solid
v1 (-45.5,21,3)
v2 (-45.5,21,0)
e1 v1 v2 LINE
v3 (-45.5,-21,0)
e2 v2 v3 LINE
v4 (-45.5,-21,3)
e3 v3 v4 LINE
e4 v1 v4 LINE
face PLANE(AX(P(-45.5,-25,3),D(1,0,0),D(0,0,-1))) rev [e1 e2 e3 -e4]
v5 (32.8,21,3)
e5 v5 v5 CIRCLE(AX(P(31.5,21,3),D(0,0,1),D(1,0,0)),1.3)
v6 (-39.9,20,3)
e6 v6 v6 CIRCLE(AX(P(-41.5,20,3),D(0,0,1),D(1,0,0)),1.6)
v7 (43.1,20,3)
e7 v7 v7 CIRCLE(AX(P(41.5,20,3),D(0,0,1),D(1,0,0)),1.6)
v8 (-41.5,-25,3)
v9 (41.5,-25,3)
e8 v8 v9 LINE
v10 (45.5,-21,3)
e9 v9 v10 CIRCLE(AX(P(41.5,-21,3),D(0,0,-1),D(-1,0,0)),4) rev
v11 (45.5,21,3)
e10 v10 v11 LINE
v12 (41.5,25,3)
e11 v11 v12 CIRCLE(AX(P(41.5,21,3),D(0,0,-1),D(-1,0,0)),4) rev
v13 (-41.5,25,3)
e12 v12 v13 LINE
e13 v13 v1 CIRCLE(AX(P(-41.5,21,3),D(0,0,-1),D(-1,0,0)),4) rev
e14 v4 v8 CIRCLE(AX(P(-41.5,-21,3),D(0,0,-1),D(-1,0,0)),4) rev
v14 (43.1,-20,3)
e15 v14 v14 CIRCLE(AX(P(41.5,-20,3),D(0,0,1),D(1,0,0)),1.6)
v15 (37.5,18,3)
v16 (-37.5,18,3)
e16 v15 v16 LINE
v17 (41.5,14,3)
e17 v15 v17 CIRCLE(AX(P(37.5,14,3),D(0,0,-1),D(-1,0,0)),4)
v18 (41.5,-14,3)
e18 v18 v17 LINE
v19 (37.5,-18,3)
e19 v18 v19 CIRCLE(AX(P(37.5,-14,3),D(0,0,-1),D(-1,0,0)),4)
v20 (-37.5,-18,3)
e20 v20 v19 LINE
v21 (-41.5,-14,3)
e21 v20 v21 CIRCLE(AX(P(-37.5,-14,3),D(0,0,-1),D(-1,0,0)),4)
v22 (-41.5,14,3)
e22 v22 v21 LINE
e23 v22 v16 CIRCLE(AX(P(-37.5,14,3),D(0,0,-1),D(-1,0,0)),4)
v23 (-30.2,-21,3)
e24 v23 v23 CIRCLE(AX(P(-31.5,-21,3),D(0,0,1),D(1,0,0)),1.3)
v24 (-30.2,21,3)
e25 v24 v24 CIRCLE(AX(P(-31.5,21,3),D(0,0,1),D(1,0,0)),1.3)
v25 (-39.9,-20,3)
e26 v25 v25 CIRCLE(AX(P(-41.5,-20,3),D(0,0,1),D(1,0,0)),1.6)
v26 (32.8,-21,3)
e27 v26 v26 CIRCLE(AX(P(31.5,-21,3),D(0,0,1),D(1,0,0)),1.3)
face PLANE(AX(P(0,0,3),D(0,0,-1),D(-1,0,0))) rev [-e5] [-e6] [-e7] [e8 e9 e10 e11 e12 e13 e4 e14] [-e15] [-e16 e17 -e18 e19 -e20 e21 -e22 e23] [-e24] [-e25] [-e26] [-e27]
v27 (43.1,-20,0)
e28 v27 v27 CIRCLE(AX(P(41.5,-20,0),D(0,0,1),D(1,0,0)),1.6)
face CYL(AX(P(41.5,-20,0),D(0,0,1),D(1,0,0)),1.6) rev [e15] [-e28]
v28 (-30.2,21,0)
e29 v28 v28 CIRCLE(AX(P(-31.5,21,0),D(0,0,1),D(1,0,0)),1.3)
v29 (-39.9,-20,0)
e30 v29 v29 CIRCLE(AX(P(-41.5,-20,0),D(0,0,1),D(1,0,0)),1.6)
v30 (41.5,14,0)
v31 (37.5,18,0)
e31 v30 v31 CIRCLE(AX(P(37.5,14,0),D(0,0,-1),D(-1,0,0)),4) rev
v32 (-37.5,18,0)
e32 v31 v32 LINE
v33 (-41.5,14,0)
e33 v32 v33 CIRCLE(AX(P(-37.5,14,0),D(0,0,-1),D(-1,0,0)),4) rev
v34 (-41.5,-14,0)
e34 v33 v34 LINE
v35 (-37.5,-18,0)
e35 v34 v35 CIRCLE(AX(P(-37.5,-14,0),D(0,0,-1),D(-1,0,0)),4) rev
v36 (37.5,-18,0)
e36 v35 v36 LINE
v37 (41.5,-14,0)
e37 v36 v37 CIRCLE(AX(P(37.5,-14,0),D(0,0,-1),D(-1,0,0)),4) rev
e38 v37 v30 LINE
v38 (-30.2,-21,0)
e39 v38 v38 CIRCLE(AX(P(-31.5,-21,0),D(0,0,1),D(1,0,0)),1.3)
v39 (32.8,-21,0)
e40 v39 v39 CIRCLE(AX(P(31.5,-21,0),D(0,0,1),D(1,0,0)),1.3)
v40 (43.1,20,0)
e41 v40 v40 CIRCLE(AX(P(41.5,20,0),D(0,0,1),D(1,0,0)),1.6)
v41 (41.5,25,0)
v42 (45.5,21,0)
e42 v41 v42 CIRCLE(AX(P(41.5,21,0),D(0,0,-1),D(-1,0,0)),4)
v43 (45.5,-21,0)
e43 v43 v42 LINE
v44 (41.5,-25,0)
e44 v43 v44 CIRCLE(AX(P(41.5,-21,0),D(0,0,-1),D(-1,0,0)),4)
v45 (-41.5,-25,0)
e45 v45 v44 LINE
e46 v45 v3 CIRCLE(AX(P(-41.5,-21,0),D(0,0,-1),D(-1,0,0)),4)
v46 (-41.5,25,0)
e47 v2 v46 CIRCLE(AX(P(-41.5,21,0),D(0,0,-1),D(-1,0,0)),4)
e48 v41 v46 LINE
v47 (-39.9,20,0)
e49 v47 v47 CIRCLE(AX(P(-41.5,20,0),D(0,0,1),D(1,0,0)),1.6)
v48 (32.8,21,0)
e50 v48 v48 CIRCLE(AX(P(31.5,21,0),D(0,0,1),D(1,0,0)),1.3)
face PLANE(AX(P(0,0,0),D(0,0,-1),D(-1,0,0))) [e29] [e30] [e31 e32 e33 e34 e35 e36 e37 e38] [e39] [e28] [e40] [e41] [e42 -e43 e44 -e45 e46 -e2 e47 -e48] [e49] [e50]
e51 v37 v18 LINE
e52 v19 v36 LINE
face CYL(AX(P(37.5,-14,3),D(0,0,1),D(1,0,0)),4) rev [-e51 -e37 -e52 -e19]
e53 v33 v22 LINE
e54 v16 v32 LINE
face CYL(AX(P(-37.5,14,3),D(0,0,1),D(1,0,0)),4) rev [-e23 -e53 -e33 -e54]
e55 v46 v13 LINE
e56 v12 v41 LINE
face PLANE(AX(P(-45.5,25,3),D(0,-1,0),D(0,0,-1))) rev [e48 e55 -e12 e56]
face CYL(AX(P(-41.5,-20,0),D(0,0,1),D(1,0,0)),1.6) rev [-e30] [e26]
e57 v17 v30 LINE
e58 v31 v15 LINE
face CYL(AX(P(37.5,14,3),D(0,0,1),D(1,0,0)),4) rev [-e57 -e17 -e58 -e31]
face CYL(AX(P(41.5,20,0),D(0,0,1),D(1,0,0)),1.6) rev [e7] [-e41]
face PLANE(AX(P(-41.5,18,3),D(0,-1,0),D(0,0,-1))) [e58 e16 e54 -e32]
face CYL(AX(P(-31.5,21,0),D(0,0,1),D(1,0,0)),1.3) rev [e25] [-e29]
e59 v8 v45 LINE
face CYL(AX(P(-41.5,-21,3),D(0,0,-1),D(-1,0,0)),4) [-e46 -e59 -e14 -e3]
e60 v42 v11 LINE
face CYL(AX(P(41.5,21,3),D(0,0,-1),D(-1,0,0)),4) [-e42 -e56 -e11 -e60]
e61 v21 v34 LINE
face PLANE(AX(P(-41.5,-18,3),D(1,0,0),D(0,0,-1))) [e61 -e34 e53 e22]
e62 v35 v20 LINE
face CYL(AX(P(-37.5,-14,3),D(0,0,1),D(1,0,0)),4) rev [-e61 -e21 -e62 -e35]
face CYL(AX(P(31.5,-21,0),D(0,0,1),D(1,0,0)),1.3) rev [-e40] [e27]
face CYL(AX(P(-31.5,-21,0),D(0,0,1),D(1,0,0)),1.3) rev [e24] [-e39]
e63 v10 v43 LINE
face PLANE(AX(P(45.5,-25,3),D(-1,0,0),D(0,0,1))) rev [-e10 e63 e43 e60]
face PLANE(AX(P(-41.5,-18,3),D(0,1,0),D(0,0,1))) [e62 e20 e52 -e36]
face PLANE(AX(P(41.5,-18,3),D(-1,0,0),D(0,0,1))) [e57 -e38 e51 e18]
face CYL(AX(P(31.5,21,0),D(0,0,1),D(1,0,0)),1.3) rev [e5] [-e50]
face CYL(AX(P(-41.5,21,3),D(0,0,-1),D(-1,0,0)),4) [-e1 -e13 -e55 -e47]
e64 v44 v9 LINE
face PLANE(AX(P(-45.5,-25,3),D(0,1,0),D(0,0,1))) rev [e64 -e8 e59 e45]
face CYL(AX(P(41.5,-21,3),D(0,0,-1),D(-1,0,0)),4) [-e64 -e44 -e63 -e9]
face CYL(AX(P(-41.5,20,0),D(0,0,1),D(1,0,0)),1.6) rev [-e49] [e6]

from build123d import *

# Parameters (mm, degrees)
SKETCH_1_W          = 91
SKETCH_1_H          = 50
SKETCH_1_W_2        = 83
SKETCH_1_H_2        = 36
EXTRUDE_1_DEPTH     = 3
SKETCH_2_R          = 1.3
CUT_EXTRUDE_1_DEPTH = 3
SKETCH_3_R          = 1.6
CUT_EXTRUDE_2_DEPTH = 3
FILLET_1_R          = 4
SKETCH_4_W          = 30
SKETCH_4_H          = 35
EXTRUDE_2_DEPTH     = 3
SKETCH_5_R          = 1.25
CUT_EXTRUDE_3_DEPTH = 10
FILLET_2_R          = 3
SKETCH_6_W          = 18
SKETCH_6_H          = 27
CUT_EXTRUDE_4_DEPTH = 10
FILLET_3_R          = 2
SKETCH_7_W          = 38
SKETCH_7_H          = 10
SKETCH_7_R          = 1.6
EXTRUDE_3_DEPTH     = 3
FILLET_4_R          = 2
FILLET_5_R          = 2
SKETCH_8_W          = 42
SKETCH_8_H          = 10
CUT_EXTRUDE_5_DEPTH = 10
SKETCH_9_W          = 30
SKETCH_9_H          = 41
CUT_EXTRUDE_6_DEPTH = 10


with BuildPart() as part:
    # 草图1 → 凸台-拉伸1 (new body)
    with BuildSketch(Plane.XY):
        Rectangle(SKETCH_1_W, SKETCH_1_H)
        Rectangle(SKETCH_1_W_2, SKETCH_1_H_2, mode=Mode.SUBTRACT)
    extrude(amount=EXTRUDE_1_DEPTH)

    # 草图2 → 切除-拉伸1 (cut)
    with BuildSketch(Plane.XY.offset(3)):
        with Locations((31.5, 21)):
            Circle(SKETCH_2_R)
        with Locations((31.5, -21)):
            Circle(SKETCH_2_R)
        with Locations((-31.5, -21)):
            Circle(SKETCH_2_R)
        with Locations((-31.5, 21)):
            Circle(SKETCH_2_R)
    extrude(amount=-CUT_EXTRUDE_1_DEPTH, mode=Mode.SUBTRACT)

    # 草图3 → 切除-拉伸2 (cut)
    with BuildSketch(Plane.XY.offset(3)):
        with Locations((41.5, 20)):
            Circle(SKETCH_3_R)
        with Locations((41.5, -20)):
            Circle(SKETCH_3_R)
        with Locations((-41.5, -20)):
            Circle(SKETCH_3_R)
        with Locations((-41.5, 20)):
            Circle(SKETCH_3_R)
    extrude(amount=-CUT_EXTRUDE_2_DEPTH, mode=Mode.SUBTRACT)

    # 圆角1
    fillet_1_edges = [part.edges().sort_by_distance(p)[0] for p in [
        (41.5, -18, 1.5),
        (41.5, 18, 1.5),
        (-41.5, 18, 1.5),
        (-41.5, -18, 1.5),
        (45.5, -25, 1.5),
        (-45.5, -25, 1.5),
        (-45.5, 25, 1.5),
        (45.5, 25, 1.5),
    ]]
    fillet(fillet_1_edges, radius=FILLET_1_R)

    # 草图4 → 凸台-拉伸2 (add)
    with BuildSketch(Plane(origin=(0, 0, 0), x_dir=(-1, 0, 0), z_dir=(0, 0, -1))):
        with Locations((-60.5, 0)):
            Rectangle(SKETCH_4_W, SKETCH_4_H)
    extrude(amount=-EXTRUDE_2_DEPTH)

    # 草图5 → 切除-拉伸3 (cut)
    with BuildSketch(Plane(origin=(0, 0, 0), x_dir=(-1, 0, 0), z_dir=(0, 0, -1))):
        with Locations((-70.5, -12)):
            Circle(SKETCH_5_R)
        with Locations((-70.5, 12)):
            Circle(SKETCH_5_R)
    extrude(amount=-CUT_EXTRUDE_3_DEPTH, mode=Mode.SUBTRACT)

    # 圆角2
    fillet_2_edges = [part.edges().sort_by_distance(p)[0] for p in [
        (45.5, 17.5, 1.5),
        (45.5, -17.5, 1.5),
        (75.5, -17.5, 1.5),
        (75.5, 17.5, 1.5),
    ]]
    fillet(fillet_2_edges, radius=FILLET_2_R)

    # 草图6 → 切除-拉伸4 (cut)
    with BuildSketch(Plane(origin=(0, 0, 0), x_dir=(-1, 0, 0), z_dir=(0, 0, -1))):
        with Locations((-57.5, 0)):
            Rectangle(SKETCH_6_W, SKETCH_6_H)
    extrude(amount=-CUT_EXTRUDE_4_DEPTH, mode=Mode.SUBTRACT)

    # 圆角3
    fillet_3_edges = [part.edges().sort_by_distance(p)[0] for p in [
        (66.5, -13.5, 1.5),
        (66.5, 13.5, 1.5),
        (48.5, 13.5, 1.5),
        (48.5, -13.5, 1.5),
    ]]
    fillet(fillet_3_edges, radius=FILLET_3_R)

    # 草图7 → 凸台-拉伸3 (add)
    with BuildSketch(Plane(origin=(0, 0, 0), x_dir=(-1, 0, 0), z_dir=(0, 0, -1))):
        with Locations((0, 30)):
            Rectangle(SKETCH_7_W, SKETCH_7_H)
        with Locations((-16, 32)):
            Circle(SKETCH_7_R, mode=Mode.SUBTRACT)
        with Locations((16, 32)):
            Circle(SKETCH_7_R, mode=Mode.SUBTRACT)
        with Locations((0, -30)):
            Rectangle(SKETCH_7_W, SKETCH_7_H)
        with Locations((16, -32)):
            Circle(SKETCH_7_R, mode=Mode.SUBTRACT)
        with Locations((-16, -32)):
            Circle(SKETCH_7_R, mode=Mode.SUBTRACT)
    extrude(amount=-EXTRUDE_3_DEPTH)

    # 圆角4
    fillet_4_edges = [part.edges().sort_by_distance(p)[0] for p in [
        (19, 35, 1.5),
        (-19, 35, 1.5),
        (-19, -35, 1.5),
        (19, -35, 1.5),
    ]]
    fillet(fillet_4_edges, radius=FILLET_4_R)

    # 圆角5
    fillet_5_edges = [part.edges().sort_by_distance(p)[0] for p in [
        (19, 25, 1.5),
        (-19, 25, 1.5),
        (-19, -25, 1.5),
        (19, -25, 1.5),
    ]]
    fillet(fillet_5_edges, radius=FILLET_5_R)

    # 草图8 → 切除-拉伸5 (cut)
    with BuildSketch(Plane.XY.offset(3)):
        with Locations((0, 30)):
            Rectangle(SKETCH_8_W, SKETCH_8_H)
        with Locations((0, -30)):
            Rectangle(SKETCH_8_W, SKETCH_8_H)
    extrude(amount=-CUT_EXTRUDE_5_DEPTH, mode=Mode.SUBTRACT)

    # 草图9 → 切除-拉伸6 (cut)
    with BuildSketch(Plane.XY.offset(3)):
        with Locations((60.5, 0)):
            Rectangle(SKETCH_9_W, SKETCH_9_H)
    extrude(amount=-CUT_EXTRUDE_6_DEPTH, mode=Mode.SUBTRACT)


solid = part.part
